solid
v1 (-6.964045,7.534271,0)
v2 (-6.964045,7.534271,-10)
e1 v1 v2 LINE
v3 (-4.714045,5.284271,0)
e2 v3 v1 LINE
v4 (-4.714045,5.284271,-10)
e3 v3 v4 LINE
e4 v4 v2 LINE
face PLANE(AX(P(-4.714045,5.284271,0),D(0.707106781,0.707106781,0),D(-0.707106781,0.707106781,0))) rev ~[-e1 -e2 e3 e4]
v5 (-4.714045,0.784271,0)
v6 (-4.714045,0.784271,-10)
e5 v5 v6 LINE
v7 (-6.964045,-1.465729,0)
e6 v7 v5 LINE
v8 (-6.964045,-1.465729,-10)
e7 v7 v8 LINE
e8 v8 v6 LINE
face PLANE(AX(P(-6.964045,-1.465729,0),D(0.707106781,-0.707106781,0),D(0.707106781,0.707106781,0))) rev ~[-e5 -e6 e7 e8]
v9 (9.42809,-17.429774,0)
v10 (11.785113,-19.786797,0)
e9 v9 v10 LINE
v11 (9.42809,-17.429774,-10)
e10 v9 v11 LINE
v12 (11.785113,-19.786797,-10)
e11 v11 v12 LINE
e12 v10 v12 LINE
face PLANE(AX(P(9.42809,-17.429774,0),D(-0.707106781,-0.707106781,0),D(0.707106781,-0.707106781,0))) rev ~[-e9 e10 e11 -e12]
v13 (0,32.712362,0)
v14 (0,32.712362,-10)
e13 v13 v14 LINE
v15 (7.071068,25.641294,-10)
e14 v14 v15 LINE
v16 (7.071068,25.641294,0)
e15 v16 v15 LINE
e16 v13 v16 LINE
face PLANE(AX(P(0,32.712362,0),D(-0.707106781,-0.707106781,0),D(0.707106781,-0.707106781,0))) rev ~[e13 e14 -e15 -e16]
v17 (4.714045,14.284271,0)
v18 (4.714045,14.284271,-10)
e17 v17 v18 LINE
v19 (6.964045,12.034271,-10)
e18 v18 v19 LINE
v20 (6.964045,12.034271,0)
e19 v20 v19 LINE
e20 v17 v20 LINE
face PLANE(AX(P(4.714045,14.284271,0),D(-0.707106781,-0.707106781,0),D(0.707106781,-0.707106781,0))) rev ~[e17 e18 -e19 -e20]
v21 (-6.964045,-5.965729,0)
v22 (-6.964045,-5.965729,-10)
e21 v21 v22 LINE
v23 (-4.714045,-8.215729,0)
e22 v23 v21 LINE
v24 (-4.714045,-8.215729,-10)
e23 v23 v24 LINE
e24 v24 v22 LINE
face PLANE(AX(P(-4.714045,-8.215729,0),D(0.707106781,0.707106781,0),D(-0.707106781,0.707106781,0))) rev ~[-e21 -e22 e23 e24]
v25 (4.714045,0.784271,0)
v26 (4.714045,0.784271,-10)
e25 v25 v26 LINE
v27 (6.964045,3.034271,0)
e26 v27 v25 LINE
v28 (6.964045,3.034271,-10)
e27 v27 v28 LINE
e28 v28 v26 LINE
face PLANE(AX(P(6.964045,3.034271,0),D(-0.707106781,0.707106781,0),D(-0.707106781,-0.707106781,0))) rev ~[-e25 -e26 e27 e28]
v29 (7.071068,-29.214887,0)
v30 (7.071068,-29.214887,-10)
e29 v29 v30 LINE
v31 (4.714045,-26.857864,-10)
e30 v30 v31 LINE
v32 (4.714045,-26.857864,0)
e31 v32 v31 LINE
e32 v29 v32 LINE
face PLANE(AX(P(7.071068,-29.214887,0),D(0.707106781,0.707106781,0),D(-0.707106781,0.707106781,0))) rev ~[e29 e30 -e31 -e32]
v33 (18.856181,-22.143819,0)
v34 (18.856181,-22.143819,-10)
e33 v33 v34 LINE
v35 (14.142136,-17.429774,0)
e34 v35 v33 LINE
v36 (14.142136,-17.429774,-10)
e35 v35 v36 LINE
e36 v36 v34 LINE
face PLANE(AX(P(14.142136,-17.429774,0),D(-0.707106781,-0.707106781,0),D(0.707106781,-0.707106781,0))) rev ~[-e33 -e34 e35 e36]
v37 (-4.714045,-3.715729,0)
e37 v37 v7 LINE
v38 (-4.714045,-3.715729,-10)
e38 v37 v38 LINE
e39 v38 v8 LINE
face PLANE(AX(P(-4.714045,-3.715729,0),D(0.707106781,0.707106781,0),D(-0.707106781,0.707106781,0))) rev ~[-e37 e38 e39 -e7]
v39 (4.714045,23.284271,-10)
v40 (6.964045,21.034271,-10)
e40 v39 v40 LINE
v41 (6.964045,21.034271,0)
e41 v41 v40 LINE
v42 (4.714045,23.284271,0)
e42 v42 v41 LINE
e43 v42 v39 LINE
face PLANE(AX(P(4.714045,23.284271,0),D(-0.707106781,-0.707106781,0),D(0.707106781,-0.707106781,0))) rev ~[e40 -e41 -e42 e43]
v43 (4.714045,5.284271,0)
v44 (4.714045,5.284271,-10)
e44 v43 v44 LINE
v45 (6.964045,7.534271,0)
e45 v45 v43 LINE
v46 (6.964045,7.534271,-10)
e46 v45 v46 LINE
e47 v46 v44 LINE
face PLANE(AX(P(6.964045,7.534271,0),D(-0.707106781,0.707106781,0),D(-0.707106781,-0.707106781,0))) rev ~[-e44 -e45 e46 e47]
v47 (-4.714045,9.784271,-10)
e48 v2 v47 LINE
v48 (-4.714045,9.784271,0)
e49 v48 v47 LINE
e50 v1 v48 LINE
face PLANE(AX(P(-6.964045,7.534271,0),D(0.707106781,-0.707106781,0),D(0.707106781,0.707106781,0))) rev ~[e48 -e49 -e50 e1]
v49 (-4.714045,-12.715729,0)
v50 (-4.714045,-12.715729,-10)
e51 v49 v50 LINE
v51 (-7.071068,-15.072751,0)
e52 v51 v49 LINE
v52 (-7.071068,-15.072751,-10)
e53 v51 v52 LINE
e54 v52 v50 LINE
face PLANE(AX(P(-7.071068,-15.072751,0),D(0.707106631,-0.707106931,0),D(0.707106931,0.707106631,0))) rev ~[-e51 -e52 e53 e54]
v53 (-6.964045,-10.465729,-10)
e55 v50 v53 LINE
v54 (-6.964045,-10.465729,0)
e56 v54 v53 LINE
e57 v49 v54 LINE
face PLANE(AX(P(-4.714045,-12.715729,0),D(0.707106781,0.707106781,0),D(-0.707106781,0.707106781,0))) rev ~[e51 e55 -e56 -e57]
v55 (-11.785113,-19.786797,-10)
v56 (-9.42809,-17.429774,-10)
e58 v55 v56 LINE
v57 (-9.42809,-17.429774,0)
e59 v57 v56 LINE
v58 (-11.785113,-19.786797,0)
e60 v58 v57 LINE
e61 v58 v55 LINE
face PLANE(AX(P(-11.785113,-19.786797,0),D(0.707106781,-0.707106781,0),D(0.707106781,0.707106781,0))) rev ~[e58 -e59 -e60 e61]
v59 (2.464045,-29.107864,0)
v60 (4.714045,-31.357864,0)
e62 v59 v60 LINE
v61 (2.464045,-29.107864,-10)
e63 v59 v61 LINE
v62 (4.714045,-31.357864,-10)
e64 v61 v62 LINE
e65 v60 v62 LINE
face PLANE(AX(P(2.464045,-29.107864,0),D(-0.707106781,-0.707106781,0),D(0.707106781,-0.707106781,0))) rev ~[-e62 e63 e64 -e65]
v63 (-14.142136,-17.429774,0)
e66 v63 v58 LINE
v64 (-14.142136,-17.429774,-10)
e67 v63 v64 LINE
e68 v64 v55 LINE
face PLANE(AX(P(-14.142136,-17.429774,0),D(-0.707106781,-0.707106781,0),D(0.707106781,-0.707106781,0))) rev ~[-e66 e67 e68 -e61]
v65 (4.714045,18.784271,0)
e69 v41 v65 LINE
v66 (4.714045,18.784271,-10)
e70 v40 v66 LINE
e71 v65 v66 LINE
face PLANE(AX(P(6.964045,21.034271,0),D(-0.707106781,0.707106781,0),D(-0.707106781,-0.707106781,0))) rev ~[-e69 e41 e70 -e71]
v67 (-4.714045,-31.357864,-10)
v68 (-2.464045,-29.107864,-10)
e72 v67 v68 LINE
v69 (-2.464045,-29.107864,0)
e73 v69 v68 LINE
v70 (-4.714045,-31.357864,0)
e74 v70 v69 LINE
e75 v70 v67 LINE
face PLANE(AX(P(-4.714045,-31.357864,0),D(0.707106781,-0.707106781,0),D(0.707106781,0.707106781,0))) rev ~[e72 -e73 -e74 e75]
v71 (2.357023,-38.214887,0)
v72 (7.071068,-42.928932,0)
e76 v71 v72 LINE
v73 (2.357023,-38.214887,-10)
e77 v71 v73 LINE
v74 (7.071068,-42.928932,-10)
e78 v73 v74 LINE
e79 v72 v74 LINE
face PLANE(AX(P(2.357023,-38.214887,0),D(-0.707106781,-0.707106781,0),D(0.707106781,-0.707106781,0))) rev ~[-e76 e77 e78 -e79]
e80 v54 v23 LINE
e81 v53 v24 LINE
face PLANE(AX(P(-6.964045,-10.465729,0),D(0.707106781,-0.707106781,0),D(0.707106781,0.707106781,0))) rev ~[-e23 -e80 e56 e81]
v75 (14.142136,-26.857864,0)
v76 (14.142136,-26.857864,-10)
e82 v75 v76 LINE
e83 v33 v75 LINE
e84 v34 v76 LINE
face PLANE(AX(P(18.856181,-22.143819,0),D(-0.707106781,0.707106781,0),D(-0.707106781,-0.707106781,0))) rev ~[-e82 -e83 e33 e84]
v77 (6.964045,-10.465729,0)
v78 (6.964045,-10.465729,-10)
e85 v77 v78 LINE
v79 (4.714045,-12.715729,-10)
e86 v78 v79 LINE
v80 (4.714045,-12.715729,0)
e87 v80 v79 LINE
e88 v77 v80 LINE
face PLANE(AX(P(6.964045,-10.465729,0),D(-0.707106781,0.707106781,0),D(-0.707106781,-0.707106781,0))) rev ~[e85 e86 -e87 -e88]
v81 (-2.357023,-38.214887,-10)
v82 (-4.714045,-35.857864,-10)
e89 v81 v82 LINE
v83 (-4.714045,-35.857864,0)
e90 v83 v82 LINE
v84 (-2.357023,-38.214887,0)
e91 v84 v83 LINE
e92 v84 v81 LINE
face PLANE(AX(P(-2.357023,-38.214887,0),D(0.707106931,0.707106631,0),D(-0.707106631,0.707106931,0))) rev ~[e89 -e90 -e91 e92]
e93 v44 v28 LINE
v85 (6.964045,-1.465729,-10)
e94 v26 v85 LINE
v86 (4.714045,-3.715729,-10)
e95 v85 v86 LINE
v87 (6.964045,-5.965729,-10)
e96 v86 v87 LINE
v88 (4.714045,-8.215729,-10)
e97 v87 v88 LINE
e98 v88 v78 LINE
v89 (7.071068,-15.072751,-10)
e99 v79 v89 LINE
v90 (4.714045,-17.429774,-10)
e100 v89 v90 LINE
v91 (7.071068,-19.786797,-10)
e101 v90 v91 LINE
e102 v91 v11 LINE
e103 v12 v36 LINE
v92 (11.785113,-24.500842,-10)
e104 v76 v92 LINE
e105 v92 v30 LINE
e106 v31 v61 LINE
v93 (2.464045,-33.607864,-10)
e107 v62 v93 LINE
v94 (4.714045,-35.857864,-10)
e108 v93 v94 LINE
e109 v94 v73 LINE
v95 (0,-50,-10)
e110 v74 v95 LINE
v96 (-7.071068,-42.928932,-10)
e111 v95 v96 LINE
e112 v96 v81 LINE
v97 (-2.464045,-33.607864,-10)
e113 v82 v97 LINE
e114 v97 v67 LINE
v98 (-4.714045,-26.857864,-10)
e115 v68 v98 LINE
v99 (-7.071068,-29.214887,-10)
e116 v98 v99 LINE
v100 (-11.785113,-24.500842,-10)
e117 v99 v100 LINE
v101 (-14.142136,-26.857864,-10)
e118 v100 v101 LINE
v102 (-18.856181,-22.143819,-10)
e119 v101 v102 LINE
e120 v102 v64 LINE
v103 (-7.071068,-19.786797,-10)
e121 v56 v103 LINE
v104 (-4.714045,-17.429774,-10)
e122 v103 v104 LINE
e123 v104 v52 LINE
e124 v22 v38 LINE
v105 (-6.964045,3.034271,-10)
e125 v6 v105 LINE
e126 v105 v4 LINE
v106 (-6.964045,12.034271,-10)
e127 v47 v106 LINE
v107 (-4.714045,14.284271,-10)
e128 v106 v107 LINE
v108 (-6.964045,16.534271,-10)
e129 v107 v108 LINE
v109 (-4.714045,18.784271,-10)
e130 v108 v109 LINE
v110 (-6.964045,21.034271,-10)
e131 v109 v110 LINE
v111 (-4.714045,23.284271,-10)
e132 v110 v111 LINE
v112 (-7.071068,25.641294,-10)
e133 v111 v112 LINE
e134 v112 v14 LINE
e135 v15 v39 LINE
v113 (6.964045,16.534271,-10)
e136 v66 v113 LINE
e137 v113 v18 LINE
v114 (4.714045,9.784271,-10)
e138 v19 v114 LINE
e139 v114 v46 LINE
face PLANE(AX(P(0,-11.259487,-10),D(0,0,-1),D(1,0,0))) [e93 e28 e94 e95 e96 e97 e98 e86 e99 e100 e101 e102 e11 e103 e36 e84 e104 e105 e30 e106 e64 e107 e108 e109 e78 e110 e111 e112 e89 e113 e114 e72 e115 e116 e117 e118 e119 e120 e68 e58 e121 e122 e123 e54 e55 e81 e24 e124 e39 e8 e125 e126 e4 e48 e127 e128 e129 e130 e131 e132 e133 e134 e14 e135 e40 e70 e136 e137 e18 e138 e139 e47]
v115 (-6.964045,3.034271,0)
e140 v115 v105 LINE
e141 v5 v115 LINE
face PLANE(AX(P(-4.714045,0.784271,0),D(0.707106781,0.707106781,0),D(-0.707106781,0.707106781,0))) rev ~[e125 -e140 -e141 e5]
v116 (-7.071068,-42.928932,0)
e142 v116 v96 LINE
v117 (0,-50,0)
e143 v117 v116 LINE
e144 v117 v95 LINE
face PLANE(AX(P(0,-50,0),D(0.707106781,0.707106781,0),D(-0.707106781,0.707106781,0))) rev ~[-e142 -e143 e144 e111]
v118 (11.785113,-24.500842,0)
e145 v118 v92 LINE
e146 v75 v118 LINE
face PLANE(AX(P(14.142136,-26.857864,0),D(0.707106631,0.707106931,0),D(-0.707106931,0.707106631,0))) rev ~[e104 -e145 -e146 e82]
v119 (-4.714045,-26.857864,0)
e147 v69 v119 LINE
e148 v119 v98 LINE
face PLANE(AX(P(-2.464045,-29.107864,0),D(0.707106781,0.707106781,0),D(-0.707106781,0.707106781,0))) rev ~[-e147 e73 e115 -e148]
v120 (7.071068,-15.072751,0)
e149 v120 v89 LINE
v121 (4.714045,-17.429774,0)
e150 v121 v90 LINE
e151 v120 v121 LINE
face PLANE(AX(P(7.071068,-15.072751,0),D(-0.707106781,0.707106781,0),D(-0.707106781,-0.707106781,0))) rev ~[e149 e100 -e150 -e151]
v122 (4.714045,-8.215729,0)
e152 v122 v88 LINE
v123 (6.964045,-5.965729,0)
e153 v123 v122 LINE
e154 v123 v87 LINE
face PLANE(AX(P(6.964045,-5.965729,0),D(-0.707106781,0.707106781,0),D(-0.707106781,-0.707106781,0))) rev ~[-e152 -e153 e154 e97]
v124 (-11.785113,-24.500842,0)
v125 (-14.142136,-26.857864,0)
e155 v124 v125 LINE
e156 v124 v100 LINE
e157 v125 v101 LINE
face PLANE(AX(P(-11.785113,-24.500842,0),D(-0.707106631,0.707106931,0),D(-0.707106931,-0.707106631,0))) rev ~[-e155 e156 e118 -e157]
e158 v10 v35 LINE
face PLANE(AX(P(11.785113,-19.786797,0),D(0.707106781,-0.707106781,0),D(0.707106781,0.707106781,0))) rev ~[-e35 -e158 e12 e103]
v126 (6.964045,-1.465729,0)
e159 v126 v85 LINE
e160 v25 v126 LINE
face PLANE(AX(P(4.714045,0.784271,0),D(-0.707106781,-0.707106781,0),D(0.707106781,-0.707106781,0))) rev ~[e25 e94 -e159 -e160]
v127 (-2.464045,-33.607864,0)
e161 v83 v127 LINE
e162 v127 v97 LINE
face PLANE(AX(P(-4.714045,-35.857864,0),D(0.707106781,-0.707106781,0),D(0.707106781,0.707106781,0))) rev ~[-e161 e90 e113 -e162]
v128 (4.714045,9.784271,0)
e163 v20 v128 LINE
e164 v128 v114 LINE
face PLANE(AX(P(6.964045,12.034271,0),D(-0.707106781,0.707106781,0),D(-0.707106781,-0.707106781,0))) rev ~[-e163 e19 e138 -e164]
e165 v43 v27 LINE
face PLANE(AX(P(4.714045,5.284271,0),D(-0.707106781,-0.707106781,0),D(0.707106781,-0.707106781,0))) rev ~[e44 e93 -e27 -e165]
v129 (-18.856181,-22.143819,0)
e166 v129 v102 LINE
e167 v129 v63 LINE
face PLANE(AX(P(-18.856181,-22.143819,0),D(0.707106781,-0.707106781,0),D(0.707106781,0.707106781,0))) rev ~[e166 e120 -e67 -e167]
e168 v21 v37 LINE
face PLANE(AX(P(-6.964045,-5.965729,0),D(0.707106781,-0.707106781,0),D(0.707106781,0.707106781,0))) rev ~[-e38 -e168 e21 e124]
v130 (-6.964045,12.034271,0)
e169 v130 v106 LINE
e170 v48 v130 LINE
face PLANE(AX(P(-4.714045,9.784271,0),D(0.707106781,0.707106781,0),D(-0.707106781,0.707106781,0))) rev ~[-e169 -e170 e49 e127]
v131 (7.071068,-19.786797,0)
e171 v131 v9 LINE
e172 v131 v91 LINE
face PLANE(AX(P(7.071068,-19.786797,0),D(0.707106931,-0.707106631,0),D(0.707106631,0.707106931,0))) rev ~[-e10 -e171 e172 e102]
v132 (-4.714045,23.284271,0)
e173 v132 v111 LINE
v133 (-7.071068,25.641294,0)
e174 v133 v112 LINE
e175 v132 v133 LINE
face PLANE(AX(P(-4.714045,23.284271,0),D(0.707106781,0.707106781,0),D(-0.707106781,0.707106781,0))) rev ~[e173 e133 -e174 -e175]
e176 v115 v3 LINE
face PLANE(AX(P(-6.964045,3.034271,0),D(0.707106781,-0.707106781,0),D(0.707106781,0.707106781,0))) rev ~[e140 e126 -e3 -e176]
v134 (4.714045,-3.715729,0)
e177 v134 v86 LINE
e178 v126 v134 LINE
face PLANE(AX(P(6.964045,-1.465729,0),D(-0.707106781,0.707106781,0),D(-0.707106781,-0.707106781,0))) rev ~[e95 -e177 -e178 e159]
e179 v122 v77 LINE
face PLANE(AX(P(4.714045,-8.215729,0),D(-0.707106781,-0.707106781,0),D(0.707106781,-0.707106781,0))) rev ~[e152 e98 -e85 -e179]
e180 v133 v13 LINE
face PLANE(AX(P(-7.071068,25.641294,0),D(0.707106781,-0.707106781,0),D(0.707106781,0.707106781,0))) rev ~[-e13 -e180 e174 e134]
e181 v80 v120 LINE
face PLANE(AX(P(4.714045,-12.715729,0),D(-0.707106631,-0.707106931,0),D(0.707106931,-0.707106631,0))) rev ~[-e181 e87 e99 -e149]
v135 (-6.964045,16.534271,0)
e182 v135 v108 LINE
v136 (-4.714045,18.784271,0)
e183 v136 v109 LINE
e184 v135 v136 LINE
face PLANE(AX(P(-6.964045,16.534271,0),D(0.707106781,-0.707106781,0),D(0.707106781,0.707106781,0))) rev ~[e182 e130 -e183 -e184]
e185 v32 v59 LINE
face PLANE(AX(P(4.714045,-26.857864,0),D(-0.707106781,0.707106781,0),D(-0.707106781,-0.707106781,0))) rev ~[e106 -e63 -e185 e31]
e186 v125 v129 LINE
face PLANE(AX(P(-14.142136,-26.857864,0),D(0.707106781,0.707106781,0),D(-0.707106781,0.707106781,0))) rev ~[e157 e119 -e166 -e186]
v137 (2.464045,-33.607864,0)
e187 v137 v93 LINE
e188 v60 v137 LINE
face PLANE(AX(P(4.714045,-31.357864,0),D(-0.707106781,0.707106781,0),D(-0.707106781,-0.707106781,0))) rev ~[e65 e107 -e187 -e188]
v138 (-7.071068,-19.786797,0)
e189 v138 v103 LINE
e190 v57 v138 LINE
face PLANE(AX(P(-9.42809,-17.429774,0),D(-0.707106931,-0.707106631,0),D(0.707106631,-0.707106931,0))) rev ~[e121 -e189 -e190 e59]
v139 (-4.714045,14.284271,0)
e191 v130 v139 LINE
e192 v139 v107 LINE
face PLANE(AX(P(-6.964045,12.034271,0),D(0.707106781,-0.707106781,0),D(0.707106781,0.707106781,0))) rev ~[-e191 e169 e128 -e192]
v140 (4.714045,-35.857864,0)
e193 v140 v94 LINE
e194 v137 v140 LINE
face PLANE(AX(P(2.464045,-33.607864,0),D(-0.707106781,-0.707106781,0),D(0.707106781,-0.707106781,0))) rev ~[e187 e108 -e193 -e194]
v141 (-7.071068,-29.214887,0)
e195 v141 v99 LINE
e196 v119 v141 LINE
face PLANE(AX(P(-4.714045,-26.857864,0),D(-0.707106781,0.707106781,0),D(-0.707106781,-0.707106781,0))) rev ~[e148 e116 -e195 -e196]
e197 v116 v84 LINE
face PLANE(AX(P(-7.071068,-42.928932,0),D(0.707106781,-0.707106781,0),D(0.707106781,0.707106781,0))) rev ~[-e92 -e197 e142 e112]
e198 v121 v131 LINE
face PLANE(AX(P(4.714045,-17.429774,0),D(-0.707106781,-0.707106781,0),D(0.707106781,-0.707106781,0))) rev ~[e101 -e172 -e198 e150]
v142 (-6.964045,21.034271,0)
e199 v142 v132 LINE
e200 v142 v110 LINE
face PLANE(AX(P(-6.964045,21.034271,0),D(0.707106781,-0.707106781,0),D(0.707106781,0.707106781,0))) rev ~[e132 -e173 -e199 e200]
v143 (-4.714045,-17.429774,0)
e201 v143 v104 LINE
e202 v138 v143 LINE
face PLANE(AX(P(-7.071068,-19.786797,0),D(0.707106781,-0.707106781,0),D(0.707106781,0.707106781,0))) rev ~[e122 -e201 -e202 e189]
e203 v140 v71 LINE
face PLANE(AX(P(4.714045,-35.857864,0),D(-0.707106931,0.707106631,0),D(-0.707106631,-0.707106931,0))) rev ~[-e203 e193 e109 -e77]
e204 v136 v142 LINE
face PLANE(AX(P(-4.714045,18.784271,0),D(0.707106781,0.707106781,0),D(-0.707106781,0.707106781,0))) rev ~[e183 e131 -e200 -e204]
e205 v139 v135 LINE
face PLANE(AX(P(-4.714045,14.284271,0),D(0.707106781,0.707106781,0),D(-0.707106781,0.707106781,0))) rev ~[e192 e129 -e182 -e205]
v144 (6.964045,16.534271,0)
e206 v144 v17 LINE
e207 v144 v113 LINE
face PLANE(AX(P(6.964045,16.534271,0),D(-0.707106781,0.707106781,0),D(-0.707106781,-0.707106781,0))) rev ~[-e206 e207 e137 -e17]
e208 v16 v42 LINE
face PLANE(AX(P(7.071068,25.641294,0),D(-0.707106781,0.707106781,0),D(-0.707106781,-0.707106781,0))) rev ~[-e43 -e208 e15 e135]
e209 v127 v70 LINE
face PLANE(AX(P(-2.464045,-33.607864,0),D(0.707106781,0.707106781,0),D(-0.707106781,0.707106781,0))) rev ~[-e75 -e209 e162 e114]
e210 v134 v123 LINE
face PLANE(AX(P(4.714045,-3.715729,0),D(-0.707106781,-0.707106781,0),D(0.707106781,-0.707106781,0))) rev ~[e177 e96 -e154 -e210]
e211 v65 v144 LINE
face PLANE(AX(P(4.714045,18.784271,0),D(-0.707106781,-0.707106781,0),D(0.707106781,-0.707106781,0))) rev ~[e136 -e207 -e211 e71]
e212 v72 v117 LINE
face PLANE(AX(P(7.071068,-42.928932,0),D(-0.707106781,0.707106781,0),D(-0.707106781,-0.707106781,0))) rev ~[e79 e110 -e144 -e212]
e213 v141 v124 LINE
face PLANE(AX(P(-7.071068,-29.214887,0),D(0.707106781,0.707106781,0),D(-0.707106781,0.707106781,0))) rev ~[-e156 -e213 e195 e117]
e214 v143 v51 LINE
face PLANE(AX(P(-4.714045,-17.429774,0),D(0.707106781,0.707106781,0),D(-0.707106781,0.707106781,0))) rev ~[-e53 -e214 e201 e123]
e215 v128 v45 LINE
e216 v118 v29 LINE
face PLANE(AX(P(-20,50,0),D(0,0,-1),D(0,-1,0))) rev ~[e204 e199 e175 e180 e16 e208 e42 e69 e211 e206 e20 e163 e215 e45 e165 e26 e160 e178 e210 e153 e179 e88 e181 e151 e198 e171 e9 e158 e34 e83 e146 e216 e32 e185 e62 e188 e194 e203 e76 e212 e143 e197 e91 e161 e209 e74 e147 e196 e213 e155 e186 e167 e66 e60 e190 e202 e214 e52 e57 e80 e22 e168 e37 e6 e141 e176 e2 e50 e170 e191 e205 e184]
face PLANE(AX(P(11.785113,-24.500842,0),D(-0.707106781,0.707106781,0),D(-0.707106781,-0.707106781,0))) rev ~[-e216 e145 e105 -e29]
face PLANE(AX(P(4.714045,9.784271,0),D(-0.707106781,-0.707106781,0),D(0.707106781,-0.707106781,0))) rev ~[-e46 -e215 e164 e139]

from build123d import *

# Parameters (mm, degrees)
F0_W     = 40
F0_H     = 100
F1_DEPTH = 15
F3_DEPTH = 10
F4_W     = 100
F4_H     = 15
F5_DEPTH = 100


with BuildPart() as f1:
    # F0 (on Top) → F1 (new body)
    with BuildSketch(Plane.XY):
        Rectangle(F0_W, F0_H)
    extrude(amount=F1_DEPTH)

    # F2 (on face) → F3 (join)
    with BuildSketch(Plane(origin=(0, 0, 0), x_dir=(1, 0, 0), z_dir=(0, 0, -1))):
        Polygon((7.071068, 42.928932), (0, 50), (-7.071068, 42.928932), (-2.357023, 38.214887), (-4.714045, 35.857864), (-2.464045, 33.607864), (-4.714045, 31.357864), (-2.464045, 29.107864), (-4.714045, 26.857864), (-7.071068, 29.214887), (-11.785113, 24.500842), (-14.142136, 26.857864), (-18.856181, 22.143819), (-14.142136, 17.429774), (-11.785113, 19.786797), (-9.42809, 17.429774), (-7.071068, 19.786797), (-4.714045, 17.429774), (-7.071068, 15.072751), (-4.714045, 12.715729), (-6.964045, 10.465729), (-4.714045, 8.215729), (-6.964045, 5.965729), (-4.714045, 3.715729), (-6.964045, 1.465729), (-4.714045, -0.784271), (-6.964045, -3.034271), (-4.714045, -5.284271), (-6.964045, -7.534271), (-4.714045, -9.784271), (-6.964045, -12.034271), (-4.714045, -14.284271), (-6.964045, -16.534271), (-4.714045, -18.784271), (-6.964045, -21.034271), (-4.714045, -23.284271), (-7.071068, -25.641294), (0, -32.712362), (7.071068, -25.641294), (4.714045, -23.284271), (6.964045, -21.034271), (4.714045, -18.784271), (6.964045, -16.534271), (4.714045, -14.284271), (6.964045, -12.034271), (4.714045, -9.784271), (6.964045, -7.534271), (4.714045, -5.284271), (6.964045, -3.034271), (4.714045, -0.784271), (6.964045, 1.465729), (4.714045, 3.715729), (6.964045, 5.965729), (4.714045, 8.215729), (6.964045, 10.465729), (4.714045, 12.715729), (7.071068, 15.072751), (4.714045, 17.429774), (7.071068, 19.786797), (9.42809, 17.429774), (11.785113, 19.786797), (14.142136, 17.429774), (18.856181, 22.143819), (14.142136, 26.857864), (11.785113, 24.500842), (7.071068, 29.214887), (4.714045, 26.857864), (2.464045, 29.107864), (4.714045, 31.357864), (2.464045, 33.607864), (4.714045, 35.857864), (2.357023, 38.214887), align=None)
    extrude(amount=F3_DEPTH)

    # F4 (on face) → F5 (cut)
    with BuildSketch(Plane(origin=(-20, 0, 0), x_dir=(0, -1, 0), z_dir=(-1, 0, 0))):
        with Locations((0, 7.5)):
            Rectangle(F4_W, F4_H)
    extrude(amount=-F5_DEPTH, mode=Mode.SUBTRACT)


solid = f1.part
